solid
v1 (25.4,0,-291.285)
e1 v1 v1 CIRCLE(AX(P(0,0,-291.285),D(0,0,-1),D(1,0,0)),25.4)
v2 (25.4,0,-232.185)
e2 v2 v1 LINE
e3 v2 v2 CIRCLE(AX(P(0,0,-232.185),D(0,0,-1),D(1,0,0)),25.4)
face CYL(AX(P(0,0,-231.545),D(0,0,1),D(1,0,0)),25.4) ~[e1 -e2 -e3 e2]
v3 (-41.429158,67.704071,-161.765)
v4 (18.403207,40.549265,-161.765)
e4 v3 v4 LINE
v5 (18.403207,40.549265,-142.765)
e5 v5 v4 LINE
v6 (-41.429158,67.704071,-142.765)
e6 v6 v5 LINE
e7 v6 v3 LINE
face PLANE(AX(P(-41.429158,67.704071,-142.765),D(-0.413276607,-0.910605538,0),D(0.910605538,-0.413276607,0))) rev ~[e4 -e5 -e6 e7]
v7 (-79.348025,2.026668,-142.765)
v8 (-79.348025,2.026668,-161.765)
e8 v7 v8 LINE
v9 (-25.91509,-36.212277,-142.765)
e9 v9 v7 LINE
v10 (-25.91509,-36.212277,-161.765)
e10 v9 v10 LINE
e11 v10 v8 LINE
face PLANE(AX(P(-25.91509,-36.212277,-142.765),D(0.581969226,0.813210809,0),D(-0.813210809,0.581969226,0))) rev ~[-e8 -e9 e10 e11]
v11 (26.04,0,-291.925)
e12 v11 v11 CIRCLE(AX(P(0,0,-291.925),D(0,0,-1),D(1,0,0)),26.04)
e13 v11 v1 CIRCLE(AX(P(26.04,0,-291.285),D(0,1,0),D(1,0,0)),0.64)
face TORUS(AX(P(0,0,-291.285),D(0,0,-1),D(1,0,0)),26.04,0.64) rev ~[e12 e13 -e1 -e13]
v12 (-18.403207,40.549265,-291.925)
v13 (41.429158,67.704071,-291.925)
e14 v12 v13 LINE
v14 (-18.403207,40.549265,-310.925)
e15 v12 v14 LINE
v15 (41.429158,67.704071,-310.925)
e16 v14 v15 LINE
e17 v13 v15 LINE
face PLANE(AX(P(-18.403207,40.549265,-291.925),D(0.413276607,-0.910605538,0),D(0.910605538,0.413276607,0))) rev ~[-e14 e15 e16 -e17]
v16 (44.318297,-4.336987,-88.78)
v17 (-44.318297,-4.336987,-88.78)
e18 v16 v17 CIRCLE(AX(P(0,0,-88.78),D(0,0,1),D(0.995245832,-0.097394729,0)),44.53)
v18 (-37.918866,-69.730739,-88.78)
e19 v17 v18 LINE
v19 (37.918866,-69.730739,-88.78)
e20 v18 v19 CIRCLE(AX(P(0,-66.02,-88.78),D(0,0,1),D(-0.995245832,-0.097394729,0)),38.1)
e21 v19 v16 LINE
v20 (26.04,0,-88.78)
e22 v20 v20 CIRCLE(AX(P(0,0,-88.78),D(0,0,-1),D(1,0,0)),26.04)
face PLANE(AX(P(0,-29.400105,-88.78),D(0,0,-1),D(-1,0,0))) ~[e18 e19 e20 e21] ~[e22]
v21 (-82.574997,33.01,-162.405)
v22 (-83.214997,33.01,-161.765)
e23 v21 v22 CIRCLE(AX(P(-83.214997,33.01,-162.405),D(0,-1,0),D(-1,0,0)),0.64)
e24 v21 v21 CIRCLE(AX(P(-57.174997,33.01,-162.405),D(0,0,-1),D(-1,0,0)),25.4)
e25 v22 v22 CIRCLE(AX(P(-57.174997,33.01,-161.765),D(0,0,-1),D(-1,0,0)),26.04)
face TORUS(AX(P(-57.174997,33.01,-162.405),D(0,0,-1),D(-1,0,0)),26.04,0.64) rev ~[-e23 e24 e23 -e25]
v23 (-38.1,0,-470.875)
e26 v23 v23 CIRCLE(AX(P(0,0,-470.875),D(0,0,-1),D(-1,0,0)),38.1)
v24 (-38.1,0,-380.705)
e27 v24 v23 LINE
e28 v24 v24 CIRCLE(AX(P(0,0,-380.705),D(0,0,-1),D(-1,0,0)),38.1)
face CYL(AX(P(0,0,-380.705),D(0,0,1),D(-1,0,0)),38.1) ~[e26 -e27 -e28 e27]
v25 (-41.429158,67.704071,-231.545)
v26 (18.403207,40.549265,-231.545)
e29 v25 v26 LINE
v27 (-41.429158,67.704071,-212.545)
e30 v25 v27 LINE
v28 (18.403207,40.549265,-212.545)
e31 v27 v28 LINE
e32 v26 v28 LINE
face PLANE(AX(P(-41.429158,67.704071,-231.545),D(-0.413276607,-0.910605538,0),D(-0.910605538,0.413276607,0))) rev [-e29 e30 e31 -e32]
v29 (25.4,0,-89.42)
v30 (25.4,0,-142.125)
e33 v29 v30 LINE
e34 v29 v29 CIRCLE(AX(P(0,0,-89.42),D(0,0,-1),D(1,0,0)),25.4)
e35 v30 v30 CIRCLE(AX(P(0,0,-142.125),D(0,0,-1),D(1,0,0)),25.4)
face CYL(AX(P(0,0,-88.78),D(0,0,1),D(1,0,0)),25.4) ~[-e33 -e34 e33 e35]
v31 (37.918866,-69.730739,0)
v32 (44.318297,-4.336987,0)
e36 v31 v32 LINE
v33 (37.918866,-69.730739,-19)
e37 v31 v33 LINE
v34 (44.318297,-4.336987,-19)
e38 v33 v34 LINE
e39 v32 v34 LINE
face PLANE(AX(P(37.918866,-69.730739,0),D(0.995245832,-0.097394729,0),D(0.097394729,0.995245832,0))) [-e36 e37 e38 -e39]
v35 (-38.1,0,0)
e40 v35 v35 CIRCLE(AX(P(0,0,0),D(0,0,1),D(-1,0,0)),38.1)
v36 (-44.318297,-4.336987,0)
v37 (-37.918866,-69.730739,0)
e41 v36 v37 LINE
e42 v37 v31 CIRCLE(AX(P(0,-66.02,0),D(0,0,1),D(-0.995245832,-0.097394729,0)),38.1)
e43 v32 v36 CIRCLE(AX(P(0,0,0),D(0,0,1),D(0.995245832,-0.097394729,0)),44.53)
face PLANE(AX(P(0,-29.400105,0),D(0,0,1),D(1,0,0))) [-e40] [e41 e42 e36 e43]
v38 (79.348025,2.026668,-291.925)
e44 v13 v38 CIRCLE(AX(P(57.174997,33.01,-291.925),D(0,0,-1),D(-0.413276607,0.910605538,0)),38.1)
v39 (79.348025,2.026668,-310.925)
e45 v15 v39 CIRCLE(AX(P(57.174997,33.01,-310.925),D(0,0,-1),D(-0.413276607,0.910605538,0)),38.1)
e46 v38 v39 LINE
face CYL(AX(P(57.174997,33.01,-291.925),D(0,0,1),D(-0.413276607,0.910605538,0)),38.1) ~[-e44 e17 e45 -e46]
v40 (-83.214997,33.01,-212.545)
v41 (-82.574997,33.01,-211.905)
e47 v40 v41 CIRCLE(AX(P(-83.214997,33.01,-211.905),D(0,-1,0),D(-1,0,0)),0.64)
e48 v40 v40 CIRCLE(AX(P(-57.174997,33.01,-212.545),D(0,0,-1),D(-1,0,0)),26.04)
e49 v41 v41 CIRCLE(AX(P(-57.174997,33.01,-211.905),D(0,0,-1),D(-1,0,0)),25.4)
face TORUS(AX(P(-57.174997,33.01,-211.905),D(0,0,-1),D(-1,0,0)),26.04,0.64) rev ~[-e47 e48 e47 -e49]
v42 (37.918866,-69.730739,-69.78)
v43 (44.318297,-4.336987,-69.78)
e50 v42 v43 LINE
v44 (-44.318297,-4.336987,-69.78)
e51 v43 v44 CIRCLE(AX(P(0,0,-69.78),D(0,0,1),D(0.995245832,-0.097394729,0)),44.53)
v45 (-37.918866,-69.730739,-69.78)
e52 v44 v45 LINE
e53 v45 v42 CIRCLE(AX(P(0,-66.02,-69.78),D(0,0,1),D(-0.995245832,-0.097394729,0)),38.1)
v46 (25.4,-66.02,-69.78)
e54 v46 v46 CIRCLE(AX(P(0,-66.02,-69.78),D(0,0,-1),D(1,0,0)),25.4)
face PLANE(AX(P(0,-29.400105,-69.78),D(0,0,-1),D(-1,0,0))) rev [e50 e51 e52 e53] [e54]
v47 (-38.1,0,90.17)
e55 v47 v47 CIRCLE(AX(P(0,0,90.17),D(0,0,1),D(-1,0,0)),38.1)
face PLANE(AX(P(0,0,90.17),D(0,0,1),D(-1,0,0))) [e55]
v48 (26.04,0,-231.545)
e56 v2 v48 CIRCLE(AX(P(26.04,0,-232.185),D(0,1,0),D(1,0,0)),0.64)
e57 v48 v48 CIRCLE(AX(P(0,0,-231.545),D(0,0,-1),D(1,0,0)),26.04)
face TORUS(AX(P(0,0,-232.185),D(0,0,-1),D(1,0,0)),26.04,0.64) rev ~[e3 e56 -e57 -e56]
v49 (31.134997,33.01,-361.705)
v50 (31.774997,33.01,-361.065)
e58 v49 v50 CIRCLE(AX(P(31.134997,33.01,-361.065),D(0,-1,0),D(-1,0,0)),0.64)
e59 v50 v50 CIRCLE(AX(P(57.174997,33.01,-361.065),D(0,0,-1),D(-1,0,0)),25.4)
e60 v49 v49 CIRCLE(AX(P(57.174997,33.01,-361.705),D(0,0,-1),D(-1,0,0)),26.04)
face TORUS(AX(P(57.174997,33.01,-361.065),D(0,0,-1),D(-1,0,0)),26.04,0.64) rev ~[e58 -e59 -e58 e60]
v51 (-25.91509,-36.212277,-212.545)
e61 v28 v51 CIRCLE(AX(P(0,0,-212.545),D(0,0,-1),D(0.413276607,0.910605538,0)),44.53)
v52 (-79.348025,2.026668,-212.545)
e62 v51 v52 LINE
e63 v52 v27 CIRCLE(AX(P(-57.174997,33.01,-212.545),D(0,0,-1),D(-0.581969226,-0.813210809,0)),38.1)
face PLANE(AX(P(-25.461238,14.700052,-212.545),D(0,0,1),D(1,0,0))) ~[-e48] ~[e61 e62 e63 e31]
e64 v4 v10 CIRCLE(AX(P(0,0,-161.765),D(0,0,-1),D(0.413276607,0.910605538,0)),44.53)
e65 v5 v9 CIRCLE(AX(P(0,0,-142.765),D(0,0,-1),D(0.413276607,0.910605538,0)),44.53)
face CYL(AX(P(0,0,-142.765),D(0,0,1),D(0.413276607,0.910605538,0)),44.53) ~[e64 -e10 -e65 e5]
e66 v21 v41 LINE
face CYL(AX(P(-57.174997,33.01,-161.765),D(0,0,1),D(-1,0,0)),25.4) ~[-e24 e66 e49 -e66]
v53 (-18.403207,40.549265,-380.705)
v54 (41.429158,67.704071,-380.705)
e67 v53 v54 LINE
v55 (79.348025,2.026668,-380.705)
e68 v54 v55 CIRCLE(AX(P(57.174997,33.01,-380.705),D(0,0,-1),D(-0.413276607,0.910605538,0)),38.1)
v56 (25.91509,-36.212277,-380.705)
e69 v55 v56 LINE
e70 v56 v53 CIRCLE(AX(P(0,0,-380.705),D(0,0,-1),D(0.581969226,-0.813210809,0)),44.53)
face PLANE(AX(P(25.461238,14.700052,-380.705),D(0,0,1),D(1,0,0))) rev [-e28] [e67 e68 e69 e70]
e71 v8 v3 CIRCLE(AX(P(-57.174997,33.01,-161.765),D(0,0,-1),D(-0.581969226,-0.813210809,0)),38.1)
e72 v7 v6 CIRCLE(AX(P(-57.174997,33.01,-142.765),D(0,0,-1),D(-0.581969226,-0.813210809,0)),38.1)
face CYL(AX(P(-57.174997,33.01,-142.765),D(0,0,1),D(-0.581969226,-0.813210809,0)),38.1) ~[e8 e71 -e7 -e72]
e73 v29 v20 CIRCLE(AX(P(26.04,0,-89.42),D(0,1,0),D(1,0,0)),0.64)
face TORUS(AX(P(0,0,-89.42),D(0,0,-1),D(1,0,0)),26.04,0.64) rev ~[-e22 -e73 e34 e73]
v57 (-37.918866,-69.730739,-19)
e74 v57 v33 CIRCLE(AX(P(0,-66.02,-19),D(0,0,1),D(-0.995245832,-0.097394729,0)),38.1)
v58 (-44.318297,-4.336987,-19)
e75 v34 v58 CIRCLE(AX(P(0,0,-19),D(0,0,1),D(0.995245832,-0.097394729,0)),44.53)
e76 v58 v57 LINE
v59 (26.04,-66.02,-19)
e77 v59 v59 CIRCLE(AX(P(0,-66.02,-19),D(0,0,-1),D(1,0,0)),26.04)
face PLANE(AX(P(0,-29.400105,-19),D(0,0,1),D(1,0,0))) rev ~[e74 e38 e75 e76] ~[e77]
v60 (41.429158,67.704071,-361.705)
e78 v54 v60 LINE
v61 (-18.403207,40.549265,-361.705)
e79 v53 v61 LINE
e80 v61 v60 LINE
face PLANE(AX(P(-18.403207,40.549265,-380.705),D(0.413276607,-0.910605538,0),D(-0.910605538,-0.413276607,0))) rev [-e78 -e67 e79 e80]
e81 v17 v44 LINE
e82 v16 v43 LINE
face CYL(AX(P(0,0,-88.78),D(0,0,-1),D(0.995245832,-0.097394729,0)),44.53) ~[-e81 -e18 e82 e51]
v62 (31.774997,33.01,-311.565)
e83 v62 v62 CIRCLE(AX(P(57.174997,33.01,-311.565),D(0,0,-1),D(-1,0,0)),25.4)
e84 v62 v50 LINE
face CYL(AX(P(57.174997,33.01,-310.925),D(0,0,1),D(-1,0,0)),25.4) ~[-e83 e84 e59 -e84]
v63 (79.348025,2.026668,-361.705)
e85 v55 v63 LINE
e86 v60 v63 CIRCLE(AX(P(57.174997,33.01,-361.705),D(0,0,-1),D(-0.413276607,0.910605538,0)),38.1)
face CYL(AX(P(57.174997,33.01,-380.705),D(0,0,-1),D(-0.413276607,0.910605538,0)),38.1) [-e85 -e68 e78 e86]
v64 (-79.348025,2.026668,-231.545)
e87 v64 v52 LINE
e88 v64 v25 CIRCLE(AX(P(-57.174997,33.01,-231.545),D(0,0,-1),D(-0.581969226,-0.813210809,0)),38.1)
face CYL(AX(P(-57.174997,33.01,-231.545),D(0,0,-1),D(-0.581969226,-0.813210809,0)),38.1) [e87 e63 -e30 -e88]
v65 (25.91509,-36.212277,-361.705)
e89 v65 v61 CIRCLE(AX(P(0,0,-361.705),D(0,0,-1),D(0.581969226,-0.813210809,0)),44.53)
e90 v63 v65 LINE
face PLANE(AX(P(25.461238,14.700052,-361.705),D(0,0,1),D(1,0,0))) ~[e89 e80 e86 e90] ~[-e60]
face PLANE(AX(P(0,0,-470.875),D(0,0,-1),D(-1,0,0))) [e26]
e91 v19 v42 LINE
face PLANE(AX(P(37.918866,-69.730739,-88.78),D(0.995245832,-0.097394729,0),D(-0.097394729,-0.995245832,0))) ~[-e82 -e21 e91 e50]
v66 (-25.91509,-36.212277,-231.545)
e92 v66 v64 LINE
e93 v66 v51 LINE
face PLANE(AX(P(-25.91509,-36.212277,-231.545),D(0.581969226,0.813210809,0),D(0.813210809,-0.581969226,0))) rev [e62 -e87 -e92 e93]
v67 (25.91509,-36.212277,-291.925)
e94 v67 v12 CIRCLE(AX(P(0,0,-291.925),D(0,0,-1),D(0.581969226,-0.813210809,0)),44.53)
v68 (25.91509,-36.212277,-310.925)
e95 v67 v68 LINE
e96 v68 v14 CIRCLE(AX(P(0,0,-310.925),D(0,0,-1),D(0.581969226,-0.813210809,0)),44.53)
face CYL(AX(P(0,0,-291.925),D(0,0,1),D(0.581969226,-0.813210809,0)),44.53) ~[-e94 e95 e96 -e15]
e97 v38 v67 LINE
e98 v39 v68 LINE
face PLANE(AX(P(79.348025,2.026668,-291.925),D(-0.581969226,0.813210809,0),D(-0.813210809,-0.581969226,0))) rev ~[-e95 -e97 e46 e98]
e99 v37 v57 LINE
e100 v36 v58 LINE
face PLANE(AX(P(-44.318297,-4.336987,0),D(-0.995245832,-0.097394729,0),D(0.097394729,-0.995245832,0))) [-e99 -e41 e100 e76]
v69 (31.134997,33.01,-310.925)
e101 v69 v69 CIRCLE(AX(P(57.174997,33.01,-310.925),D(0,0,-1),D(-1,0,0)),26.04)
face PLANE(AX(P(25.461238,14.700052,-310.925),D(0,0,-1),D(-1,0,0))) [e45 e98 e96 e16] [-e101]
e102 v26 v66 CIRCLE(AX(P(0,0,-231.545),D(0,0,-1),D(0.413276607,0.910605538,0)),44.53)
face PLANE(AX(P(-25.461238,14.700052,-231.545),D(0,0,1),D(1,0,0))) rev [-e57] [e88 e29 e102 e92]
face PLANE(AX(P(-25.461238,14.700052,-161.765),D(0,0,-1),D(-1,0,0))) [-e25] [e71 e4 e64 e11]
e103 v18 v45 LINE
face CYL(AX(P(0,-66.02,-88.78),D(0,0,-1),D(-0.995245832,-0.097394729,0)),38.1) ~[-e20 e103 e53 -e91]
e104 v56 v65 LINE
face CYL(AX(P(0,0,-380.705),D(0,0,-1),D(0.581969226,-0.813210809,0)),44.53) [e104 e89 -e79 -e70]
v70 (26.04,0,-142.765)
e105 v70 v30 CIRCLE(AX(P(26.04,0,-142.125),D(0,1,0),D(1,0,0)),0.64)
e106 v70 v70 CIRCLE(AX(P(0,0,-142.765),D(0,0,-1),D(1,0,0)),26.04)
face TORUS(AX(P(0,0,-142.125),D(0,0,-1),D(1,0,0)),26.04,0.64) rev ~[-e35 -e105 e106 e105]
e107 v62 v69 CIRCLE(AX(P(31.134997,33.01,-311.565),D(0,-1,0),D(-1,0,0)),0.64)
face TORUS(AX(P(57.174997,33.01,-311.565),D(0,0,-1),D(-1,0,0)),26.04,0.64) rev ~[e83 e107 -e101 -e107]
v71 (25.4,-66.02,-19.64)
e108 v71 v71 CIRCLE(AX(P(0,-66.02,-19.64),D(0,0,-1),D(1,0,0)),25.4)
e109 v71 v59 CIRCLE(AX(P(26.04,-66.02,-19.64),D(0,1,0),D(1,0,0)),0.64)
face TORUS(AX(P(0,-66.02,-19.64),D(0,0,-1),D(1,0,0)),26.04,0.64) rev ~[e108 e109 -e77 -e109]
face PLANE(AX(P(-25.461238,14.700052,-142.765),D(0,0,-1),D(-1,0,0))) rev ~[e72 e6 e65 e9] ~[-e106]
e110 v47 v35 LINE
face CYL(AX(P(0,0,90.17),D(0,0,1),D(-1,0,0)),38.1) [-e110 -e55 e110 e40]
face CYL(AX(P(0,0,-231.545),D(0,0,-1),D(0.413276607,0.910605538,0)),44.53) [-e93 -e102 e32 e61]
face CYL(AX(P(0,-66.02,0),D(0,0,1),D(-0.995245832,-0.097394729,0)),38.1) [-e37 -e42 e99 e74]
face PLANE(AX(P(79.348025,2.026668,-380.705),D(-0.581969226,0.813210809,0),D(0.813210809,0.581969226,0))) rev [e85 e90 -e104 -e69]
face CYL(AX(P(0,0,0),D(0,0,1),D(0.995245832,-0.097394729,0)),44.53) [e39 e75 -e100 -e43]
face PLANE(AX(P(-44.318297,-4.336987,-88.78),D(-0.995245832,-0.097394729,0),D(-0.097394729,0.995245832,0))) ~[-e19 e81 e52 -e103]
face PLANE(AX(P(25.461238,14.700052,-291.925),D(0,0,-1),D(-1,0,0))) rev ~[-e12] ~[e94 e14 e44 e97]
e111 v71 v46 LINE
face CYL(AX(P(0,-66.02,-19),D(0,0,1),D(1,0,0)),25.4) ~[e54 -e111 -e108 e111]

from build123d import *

# Parameters (mm, degrees)
BOSS_EXTRUDE1_DEPTH  = 19
SKETCH2_R            = 25.4
BOSS_EXTRUDE2_DEPTH  = 50.78
SKETCH3_R            = 25.4
BOSS_EXTRUDE3_DEPTH  = 53.985
BOSS_EXTRUDE5_DEPTH  = 19
SKETCH7_R            = 25.4
BOSS_EXTRUDE7_DEPTH  = 50.78
SKETCH8_R            = 25.4
BOSS_EXTRUDE8_DEPTH  = 60.38
BOSS_EXTRUDE9_DEPTH  = 19
SKETCH10_R           = 25.4
BOSS_EXTRUDE10_DEPTH = 50.78
SKETCH11_R           = 38.1
BOSS_EXTRUDE11_DEPTH = 90.17
BOSS_EXTRUDE12_START = 90.17
SKETCH12_R           = 38.1
BOSS_EXTRUDE12_DEPTH = 90.17
FILLET1_R            = 0.64


with BuildPart() as part:
    # Sketch1 → Boss-Extrude1 (new body)
    with BuildSketch(Plane.XY):
        with BuildLine():
            Line((-44.318296914, -4.336987277), (-37.918866212, -69.73073917))
            ThreePointArc((-37.918866212, -69.73073917), (0, -104.12), (37.918866212, -69.73073917))
            Line((37.918866212, -69.73073917), (44.318296914, -4.336987277))
            ThreePointArc((44.318296914, -4.336987277), (0, 44.53), (-44.318296914, -4.336987277))
        make_face()
    boss_extrude1 = extrude(amount=-BOSS_EXTRUDE1_DEPTH)

    # Sketch2 → Boss-Extrude2 (add)
    with BuildSketch(Plane(origin=(0, 0, -19), x_dir=(-1, 0, 0), z_dir=(0, 0, -1))):
        with Locations(Location((0, -66.02, 0), (0, 0, 180))):
            Circle(SKETCH2_R)
    extrude(amount=BOSS_EXTRUDE2_DEPTH)

    # Mirror1: Boss-Extrude1 across plane
    add(boss_extrude1.mirror(Plane(origin=(0, 0, -44.39), x_dir=(1, 0, 0), z_dir=(0, 0, -1))))

    # Sketch3 → Boss-Extrude3 (add)
    with BuildSketch(Plane(origin=(0, 0, -88.78), x_dir=(-1, 0, 0), z_dir=(0, 0, -1))):
        with Locations(Location((0, 0, 0), (0, 0, 180))):
            Circle(SKETCH3_R)
    extrude(amount=BOSS_EXTRUDE3_DEPTH)

    # Sketch6 → Boss-Extrude5 (add)
    with BuildSketch(Plane(origin=(0, 0, -142.765), x_dir=(-1, 0, 0), z_dir=(0, 0, -1))):
        with BuildLine():
            Line((25.915089614, -36.212277342), (79.348024652, 2.026668163))
            ThreePointArc((79.348024652, 2.026668163), (90.170565042, 52.06), (41.42915844, 67.704071007))
            Line((41.42915844, 67.704071007), (-18.4032073, 40.549264618))
            ThreePointArc((-18.4032073, 40.549264618), (-38.564111231, -22.265), (25.915089614, -36.212277342))
        make_face()
    boss_extrude5 = extrude(amount=BOSS_EXTRUDE5_DEPTH)

    # Sketch7 → Boss-Extrude7 (add)
    with BuildSketch(Plane(origin=(0, 0, -161.765), x_dir=(-1, 0, 0), z_dir=(0, 0, -1))):
        with Locations((57.174997158, 33.01)):
            Circle(SKETCH7_R)
    extrude(amount=BOSS_EXTRUDE7_DEPTH)

    # Mirror3: Boss-Extrude5 across plane
    add(boss_extrude5.mirror(Plane(origin=(0, 0, -187.155), x_dir=(1, 0, 0), z_dir=(0, 0, -1))))

    # Sketch8 → Boss-Extrude8 (add)
    with BuildSketch(Plane(origin=(0, 0, -231.545), x_dir=(-1, 0, 0), z_dir=(0, 0, -1))):
        with Locations(Location((0, 0, 0), (0, 0, 180))):
            Circle(SKETCH8_R)
    extrude(amount=BOSS_EXTRUDE8_DEPTH)

    # Sketch9 → Boss-Extrude9 (add)
    with BuildSketch(Plane(origin=(0, 0, -291.925), x_dir=(-1, 0, 0), z_dir=(0, 0, -1))):
        with BuildLine():
            Line((18.4032073, 40.549264618), (-41.42915844, 67.704071007))
            ThreePointArc((-41.42915844, 67.704071007), (-90.170565042, 52.06), (-79.348024652, 2.026668163))
            Line((-79.348024652, 2.026668163), (-25.915089614, -36.212277342))
            ThreePointArc((-25.915089614, -36.212277342), (38.564111231, -22.265), (18.4032073, 40.549264618))
        make_face()
    boss_extrude9 = extrude(amount=BOSS_EXTRUDE9_DEPTH)

    # Sketch10 → Boss-Extrude10 (add)
    with BuildSketch(Plane(origin=(0, 0, -310.925), x_dir=(-1, 0, 0), z_dir=(0, 0, -1))):
        with Locations((-57.174997158, 33.01)):
            Circle(SKETCH10_R)
    extrude(amount=BOSS_EXTRUDE10_DEPTH)

    # Mirror4: Boss-Extrude9 across plane
    add(boss_extrude9.mirror(Plane(origin=(0, 0, -336.315), x_dir=(1, 0, 0), z_dir=(0, 0, -1))))

    # Sketch11 → Boss-Extrude11 (add)
    with BuildSketch(Plane(origin=(0, 0, -380.705), x_dir=(-1, 0, 0), z_dir=(0, 0, -1))):
        Circle(SKETCH11_R)
    extrude(amount=BOSS_EXTRUDE11_DEPTH)

    # Sketch12 → Boss-Extrude12 (add)
    with BuildSketch(Plane.XY.offset(BOSS_EXTRUDE12_START)):
        with Locations(Location((0, 0, 0), (0, 0, 180))):
            Circle(SKETCH12_R)
    extrude(amount=-BOSS_EXTRUDE12_DEPTH)

    # Fillet1
    fillet1_edges = [part.edges().sort_by_distance(p)[0] for p in [
        (-25.4, -66.02, -19),
        (-25.4, 0, -88.78),
        (-25.4, 0, -142.765),
        (-31.774997158, 33.01, -161.765),
        (-31.774997158, 33.01, -212.545),
        (-25.4, 0, -231.545),
        (-25.4, 0, -291.925),
        (82.574997158, 33.01, -310.925),
        (82.574997158, 33.01, -361.705),
    ]]
    fillet(fillet1_edges, radius=FILLET1_R)


solid = part.part
